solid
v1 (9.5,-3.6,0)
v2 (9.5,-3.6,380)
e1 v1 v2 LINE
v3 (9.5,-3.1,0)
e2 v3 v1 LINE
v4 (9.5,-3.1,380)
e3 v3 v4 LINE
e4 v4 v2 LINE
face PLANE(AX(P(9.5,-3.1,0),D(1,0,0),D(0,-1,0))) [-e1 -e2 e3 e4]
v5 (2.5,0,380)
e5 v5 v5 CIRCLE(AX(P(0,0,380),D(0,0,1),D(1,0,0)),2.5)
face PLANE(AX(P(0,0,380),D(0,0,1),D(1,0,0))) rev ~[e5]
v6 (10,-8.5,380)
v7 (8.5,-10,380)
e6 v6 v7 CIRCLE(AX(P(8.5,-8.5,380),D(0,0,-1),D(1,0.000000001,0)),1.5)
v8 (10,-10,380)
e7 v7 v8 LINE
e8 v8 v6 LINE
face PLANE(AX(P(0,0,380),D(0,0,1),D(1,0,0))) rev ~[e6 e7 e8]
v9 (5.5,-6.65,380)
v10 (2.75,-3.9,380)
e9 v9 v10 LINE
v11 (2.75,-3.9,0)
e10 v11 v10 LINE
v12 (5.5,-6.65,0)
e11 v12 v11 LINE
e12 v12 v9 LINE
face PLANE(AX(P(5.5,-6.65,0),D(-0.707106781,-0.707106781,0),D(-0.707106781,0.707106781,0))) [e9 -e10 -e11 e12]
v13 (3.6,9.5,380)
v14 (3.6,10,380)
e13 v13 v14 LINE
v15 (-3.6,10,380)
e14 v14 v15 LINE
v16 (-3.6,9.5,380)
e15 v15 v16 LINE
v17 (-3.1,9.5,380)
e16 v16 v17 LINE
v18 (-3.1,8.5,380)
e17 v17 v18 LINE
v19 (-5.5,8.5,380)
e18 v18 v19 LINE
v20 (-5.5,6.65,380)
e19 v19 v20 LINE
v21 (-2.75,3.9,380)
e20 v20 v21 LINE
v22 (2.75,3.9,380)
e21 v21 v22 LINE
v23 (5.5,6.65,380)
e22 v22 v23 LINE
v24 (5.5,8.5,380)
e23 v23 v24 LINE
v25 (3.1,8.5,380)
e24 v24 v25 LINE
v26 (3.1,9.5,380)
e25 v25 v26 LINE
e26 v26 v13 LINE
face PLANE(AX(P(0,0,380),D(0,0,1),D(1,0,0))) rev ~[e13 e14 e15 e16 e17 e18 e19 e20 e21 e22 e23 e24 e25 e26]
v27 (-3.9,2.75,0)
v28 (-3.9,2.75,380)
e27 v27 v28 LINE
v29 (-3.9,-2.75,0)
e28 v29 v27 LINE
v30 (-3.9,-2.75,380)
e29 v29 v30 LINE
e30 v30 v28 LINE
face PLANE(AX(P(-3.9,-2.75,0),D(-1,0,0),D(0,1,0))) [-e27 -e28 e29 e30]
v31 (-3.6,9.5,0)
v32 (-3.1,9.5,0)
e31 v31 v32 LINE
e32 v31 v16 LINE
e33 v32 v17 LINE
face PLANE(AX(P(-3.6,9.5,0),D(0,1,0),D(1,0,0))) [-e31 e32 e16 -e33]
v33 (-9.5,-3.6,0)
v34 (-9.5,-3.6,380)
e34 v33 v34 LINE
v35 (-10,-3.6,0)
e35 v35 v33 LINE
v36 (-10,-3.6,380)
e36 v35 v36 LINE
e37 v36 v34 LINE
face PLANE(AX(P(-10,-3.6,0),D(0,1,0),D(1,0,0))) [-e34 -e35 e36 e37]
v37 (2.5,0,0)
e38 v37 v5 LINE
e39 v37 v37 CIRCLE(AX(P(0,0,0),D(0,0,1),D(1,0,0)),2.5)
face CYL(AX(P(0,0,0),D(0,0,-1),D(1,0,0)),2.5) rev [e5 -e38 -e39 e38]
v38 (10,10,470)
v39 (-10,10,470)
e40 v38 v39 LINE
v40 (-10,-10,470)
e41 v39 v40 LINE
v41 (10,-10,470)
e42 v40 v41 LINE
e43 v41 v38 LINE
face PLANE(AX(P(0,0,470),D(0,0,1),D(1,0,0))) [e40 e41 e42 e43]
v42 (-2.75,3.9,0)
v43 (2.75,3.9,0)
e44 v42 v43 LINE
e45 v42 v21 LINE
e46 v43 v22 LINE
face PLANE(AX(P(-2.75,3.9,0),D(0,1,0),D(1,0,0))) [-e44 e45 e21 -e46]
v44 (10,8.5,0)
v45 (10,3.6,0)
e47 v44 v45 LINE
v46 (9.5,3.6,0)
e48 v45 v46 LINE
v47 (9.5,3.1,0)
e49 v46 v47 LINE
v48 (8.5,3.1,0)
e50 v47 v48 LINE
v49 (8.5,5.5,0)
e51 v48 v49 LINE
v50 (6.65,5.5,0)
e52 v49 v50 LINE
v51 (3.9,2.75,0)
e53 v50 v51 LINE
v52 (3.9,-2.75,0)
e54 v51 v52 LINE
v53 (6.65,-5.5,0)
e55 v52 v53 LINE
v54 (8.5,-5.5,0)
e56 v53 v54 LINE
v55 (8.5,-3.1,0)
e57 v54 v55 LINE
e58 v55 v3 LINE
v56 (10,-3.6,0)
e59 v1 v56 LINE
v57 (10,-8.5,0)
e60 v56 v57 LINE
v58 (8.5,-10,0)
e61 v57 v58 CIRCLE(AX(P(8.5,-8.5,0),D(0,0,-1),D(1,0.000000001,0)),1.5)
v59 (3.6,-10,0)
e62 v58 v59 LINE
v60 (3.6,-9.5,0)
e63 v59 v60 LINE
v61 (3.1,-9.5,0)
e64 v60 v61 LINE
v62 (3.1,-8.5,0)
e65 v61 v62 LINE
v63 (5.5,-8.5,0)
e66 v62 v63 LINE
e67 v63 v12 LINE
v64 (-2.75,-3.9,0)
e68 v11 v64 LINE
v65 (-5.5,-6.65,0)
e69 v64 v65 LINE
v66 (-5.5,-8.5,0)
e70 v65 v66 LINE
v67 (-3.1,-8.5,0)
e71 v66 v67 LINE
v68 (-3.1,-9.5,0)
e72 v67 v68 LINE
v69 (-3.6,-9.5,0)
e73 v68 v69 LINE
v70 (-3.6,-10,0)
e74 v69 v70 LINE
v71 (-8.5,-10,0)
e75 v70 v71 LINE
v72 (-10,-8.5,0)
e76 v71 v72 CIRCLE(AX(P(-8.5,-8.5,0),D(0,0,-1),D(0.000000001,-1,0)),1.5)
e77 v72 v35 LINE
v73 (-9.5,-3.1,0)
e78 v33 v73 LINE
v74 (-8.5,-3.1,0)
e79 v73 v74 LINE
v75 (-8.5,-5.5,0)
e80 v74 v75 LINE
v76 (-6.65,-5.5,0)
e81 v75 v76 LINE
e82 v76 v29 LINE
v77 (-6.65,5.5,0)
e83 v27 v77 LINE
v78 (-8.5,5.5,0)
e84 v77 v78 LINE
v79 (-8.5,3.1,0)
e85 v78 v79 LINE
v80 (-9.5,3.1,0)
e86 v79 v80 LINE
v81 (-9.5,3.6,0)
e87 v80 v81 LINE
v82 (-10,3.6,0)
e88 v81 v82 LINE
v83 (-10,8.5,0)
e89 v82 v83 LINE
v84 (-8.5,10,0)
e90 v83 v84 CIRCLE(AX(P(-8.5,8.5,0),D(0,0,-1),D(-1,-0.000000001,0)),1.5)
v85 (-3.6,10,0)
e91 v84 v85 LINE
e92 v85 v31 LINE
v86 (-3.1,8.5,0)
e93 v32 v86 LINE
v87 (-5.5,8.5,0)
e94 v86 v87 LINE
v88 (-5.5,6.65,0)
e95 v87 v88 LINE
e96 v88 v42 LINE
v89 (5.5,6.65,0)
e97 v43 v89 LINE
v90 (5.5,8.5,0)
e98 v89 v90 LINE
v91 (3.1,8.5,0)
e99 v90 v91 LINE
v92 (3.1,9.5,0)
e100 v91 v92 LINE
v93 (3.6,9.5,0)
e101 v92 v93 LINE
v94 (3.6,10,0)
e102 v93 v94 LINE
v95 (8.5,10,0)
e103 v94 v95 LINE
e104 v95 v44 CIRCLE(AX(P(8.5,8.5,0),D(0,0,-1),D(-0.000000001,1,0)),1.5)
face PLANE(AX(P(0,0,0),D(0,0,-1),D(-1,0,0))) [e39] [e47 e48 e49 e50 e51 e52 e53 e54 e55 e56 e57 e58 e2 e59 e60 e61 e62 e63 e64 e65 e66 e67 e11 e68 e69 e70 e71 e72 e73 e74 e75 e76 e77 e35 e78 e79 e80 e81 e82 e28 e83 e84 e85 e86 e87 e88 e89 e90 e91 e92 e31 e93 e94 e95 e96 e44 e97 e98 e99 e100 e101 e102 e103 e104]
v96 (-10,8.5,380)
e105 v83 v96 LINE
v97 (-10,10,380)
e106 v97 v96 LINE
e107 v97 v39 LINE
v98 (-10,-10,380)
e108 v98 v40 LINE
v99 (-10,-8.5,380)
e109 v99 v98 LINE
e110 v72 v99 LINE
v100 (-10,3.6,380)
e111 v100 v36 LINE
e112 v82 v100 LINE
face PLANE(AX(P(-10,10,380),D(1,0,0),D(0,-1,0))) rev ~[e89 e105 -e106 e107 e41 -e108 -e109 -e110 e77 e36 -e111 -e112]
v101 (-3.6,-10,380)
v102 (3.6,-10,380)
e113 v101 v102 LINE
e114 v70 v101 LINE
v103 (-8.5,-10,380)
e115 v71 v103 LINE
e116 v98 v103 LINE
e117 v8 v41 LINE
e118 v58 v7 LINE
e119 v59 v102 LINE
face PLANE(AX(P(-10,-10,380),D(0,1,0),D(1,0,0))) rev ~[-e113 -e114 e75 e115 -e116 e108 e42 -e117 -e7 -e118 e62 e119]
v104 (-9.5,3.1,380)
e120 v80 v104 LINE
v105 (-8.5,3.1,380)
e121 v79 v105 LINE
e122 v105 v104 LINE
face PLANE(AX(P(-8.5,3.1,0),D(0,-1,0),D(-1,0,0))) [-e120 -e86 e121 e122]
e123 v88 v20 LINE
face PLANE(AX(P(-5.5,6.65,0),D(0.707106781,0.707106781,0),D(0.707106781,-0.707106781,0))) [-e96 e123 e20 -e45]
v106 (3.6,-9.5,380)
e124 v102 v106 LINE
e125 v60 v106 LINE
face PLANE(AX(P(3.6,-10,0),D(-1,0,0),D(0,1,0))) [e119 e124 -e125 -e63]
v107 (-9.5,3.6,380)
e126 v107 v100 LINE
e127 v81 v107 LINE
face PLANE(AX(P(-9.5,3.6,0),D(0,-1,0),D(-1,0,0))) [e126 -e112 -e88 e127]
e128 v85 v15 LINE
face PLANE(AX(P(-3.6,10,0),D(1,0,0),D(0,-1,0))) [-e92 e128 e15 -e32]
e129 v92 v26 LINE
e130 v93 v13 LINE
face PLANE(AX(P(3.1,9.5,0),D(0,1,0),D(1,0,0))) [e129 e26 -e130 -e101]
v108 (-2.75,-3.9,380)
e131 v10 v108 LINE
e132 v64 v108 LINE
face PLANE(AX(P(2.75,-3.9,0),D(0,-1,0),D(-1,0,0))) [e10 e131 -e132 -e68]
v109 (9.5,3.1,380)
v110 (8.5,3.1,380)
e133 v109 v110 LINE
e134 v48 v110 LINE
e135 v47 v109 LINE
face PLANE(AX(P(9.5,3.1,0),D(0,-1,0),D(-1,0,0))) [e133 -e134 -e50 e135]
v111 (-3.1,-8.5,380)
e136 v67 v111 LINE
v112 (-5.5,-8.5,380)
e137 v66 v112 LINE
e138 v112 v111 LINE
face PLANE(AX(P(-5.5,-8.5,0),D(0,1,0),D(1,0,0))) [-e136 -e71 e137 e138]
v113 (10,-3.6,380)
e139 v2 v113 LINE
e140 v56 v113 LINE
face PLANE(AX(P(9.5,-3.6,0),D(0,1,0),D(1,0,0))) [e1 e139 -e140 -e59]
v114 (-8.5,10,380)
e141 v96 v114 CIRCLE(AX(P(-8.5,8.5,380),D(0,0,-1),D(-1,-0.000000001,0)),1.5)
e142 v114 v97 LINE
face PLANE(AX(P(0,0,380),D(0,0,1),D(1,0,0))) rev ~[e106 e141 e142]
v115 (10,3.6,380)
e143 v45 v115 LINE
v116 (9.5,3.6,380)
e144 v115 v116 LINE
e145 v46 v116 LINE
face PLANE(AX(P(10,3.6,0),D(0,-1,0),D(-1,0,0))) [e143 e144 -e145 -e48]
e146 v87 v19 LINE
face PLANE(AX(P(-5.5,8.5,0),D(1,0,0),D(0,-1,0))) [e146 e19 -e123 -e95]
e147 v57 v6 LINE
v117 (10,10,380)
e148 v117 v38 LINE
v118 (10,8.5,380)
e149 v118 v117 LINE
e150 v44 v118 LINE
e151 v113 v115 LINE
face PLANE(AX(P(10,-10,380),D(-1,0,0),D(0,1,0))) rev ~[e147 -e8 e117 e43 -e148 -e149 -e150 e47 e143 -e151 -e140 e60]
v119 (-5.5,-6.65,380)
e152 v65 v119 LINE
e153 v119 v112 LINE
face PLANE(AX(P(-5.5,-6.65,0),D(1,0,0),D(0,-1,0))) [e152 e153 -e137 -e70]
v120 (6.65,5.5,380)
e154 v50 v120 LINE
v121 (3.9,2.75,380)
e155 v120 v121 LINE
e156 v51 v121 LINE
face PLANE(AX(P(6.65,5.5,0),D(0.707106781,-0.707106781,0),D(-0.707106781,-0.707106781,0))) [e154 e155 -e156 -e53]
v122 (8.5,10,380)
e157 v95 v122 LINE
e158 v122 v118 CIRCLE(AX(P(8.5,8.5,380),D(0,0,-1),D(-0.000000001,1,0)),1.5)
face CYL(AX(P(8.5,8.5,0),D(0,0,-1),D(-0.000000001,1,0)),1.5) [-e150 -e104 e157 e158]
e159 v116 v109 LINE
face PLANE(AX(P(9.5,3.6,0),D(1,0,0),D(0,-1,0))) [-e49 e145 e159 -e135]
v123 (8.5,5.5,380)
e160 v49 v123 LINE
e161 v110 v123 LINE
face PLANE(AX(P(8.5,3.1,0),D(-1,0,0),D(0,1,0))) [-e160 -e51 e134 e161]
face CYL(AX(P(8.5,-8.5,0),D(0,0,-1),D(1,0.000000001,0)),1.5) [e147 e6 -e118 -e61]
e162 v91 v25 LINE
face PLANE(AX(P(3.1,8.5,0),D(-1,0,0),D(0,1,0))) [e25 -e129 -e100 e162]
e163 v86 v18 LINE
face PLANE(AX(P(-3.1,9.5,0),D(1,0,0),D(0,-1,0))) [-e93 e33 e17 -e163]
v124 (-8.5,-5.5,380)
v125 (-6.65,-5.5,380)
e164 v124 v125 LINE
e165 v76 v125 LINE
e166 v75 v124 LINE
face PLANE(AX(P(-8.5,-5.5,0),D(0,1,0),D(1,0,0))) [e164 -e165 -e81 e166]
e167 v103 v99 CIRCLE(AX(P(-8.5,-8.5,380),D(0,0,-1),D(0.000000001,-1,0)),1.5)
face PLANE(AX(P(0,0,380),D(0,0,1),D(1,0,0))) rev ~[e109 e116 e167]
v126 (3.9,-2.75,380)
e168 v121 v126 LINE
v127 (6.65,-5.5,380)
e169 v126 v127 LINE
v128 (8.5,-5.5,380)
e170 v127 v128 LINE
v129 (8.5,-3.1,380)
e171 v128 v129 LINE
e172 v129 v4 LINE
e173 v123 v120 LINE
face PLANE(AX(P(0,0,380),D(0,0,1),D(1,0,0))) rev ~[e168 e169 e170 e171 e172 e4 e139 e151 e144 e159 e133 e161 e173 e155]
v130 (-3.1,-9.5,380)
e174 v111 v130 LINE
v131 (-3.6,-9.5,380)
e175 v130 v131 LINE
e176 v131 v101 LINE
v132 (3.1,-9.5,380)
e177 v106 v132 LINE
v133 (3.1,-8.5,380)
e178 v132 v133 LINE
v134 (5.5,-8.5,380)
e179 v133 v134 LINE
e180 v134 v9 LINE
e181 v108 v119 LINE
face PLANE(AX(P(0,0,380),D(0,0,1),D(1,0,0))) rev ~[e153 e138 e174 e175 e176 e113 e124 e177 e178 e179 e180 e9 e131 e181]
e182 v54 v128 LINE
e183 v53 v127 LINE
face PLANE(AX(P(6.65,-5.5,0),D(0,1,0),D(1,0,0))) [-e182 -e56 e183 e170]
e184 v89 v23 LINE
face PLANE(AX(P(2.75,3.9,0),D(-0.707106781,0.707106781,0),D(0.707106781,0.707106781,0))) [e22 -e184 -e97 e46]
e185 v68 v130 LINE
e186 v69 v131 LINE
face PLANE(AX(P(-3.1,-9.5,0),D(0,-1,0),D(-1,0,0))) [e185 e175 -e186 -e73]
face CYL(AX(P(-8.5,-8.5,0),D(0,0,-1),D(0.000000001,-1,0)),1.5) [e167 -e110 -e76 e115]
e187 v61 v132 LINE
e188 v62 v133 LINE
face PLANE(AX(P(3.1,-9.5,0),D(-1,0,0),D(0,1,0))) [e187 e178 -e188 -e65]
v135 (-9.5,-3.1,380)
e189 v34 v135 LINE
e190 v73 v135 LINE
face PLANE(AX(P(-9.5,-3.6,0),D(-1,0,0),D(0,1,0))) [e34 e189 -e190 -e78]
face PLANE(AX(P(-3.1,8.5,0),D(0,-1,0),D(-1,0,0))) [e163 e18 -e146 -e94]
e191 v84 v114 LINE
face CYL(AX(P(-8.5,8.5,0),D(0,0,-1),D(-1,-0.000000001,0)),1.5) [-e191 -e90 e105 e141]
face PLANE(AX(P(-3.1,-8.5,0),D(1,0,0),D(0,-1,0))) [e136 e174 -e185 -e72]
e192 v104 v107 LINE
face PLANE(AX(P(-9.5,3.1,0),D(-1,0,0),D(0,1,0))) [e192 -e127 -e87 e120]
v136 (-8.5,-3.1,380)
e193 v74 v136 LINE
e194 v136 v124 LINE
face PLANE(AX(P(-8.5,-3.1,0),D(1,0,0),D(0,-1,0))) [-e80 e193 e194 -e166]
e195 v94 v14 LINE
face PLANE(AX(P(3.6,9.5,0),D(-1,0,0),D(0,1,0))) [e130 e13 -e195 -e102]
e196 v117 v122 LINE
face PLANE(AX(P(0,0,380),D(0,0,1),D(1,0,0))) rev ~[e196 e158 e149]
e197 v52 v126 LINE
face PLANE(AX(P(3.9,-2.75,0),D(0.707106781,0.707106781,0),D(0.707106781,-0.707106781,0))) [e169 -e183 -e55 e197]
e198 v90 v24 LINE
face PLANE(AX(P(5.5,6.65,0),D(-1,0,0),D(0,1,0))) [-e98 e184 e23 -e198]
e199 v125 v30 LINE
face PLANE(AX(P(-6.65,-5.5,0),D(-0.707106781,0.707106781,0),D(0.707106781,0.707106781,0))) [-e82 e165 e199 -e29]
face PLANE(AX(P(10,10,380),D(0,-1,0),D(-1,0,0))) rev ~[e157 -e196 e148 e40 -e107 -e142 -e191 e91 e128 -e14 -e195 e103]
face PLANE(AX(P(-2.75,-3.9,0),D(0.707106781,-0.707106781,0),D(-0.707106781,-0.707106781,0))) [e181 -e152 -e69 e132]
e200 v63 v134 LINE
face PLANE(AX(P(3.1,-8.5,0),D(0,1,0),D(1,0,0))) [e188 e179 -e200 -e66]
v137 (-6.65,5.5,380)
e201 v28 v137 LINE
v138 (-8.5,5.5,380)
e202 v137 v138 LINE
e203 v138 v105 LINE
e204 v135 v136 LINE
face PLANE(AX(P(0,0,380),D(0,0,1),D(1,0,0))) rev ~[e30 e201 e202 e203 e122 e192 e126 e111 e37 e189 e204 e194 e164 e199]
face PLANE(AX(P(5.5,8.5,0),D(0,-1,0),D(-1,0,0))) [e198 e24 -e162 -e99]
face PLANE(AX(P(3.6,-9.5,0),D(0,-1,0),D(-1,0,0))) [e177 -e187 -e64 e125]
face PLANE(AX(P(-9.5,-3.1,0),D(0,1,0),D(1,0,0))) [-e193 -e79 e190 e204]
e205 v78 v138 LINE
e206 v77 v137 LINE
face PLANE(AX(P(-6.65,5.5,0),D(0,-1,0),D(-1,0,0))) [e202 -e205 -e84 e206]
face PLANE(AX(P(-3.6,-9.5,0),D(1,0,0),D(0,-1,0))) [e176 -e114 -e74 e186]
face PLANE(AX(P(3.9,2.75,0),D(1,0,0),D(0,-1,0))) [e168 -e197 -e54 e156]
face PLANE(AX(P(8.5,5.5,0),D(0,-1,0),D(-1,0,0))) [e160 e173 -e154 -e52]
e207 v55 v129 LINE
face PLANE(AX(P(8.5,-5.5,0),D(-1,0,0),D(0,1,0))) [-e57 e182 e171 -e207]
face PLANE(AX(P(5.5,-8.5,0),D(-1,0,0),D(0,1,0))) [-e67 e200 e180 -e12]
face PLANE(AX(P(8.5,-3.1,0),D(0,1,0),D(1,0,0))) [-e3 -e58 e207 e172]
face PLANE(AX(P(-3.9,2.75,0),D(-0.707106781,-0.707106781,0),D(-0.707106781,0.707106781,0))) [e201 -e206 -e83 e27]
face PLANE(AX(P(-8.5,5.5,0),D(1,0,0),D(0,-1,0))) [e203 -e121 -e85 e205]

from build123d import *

# Parameters (mm, degrees)
SKETCH_1_R      = 2.5
EXTRUDE_1_DEPTH = 380
EXTRUDE_2_DEPTH = 90


with BuildPart() as part:
    # 草图1 → 凸台-拉伸1 (new body)
    with BuildSketch(Plane.XY):
        with BuildLine():
            Line((-3.6, 10), (-3.6, 9.5))
            Line((-3.6, 9.5), (-3.1, 9.5))
            Line((-3.1, 9.5), (-3.1, 8.5))
            Line((-3.1, 8.5), (-5.5, 8.5))
            Line((-5.5, 8.5), (-5.5, 6.65))
            Line((-5.5, 6.65), (-2.75, 3.9))
            Line((-2.75, 3.9), (2.75, 3.9))
            Line((2.75, 3.9), (5.5, 6.65))
            Line((5.5, 6.65), (5.5, 8.5))
            Line((5.5, 8.5), (3.1, 8.5))
            Line((3.1, 8.5), (3.1, 9.5))
            Line((3.1, 9.5), (3.6, 9.5))
            Line((3.6, 9.5), (3.6, 10))
            Line((3.6, 10), (8.5, 10))
            ThreePointArc((8.5, 10), (9.560660172, 9.560660172), (10, 8.5))
            Line((10, 8.5), (10, 3.6))
            Line((10, 3.6), (9.5, 3.6))
            Line((9.5, 3.6), (9.5, 3.1))
            Line((9.5, 3.1), (8.5, 3.1))
            Line((8.5, 3.1), (8.5, 5.5))
            Line((8.5, 5.5), (6.65, 5.5))
            Line((6.65, 5.5), (3.9, 2.75))
            Line((3.9, 2.75), (3.9, -2.75))
            Line((3.9, -2.75), (6.65, -5.5))
            Line((6.65, -5.5), (8.5, -5.5))
            Line((8.5, -5.5), (8.5, -3.1))
            Line((8.5, -3.1), (9.5, -3.1))
            Line((9.5, -3.1), (9.5, -3.6))
            Line((9.5, -3.6), (10, -3.6))
            Line((10, -3.6), (10, -8.5))
            ThreePointArc((10, -8.5), (9.560660172, -9.560660172), (8.5, -10))
            Line((8.5, -10), (3.6, -10))
            Line((3.6, -10), (3.6, -9.5))
            Line((3.6, -9.5), (3.1, -9.5))
            Line((3.1, -9.5), (3.1, -8.5))
            Line((3.1, -8.5), (5.5, -8.5))
            Line((5.5, -8.5), (5.5, -6.65))
            Line((5.5, -6.65), (2.75, -3.9))
            Line((2.75, -3.9), (-2.75, -3.9))
            Line((-2.75, -3.9), (-5.5, -6.65))
            Line((-5.5, -6.65), (-5.5, -8.5))
            Line((-5.5, -8.5), (-3.1, -8.5))
            Line((-3.1, -8.5), (-3.1, -9.5))
            Line((-3.1, -9.5), (-3.6, -9.5))
            Line((-3.6, -9.5), (-3.6, -10))
            Line((-3.6, -10), (-8.5, -10))
            ThreePointArc((-8.5, -10), (-9.560660172, -9.560660172), (-10, -8.5))
            Line((-10, -8.5), (-10, -3.6))
            Line((-10, -3.6), (-9.5, -3.6))
            Line((-9.5, -3.6), (-9.5, -3.1))
            Line((-9.5, -3.1), (-8.5, -3.1))
            Line((-8.5, -3.1), (-8.5, -5.5))
            Line((-8.5, -5.5), (-6.65, -5.5))
            Line((-6.65, -5.5), (-3.9, -2.75))
            Line((-3.9, -2.75), (-3.9, 2.75))
            Line((-3.9, 2.75), (-6.65, 5.5))
            Line((-6.65, 5.5), (-8.5, 5.5))
            Line((-8.5, 5.5), (-8.5, 3.1))
            Line((-8.5, 3.1), (-9.5, 3.1))
            Line((-9.5, 3.1), (-9.5, 3.6))
            Line((-9.5, 3.6), (-10, 3.6))
            Line((-10, 3.6), (-10, 8.5))
            ThreePointArc((-10, 8.5), (-9.560660172, 9.560660172), (-8.5, 10))
            Line((-8.5, 10), (-3.6, 10))
        make_face()
        Circle(SKETCH_1_R, mode=Mode.SUBTRACT)
    extrude(amount=EXTRUDE_1_DEPTH)

    # 草图2 → 凸台-拉伸2 (add)
    with BuildSketch(Plane.XY.offset(380)):
        Polygon((8.5, 10), (-8.5, 10), (-10, 10), (-10, 8.5), (-10, -8.5), (-10, -10), (-8.5, -10), (8.5, -10), (10, -10), (10, -8.5), (10, 8.5), (10, 10), align=None)
    extrude(amount=EXTRUDE_2_DEPTH)


solid = part.part
